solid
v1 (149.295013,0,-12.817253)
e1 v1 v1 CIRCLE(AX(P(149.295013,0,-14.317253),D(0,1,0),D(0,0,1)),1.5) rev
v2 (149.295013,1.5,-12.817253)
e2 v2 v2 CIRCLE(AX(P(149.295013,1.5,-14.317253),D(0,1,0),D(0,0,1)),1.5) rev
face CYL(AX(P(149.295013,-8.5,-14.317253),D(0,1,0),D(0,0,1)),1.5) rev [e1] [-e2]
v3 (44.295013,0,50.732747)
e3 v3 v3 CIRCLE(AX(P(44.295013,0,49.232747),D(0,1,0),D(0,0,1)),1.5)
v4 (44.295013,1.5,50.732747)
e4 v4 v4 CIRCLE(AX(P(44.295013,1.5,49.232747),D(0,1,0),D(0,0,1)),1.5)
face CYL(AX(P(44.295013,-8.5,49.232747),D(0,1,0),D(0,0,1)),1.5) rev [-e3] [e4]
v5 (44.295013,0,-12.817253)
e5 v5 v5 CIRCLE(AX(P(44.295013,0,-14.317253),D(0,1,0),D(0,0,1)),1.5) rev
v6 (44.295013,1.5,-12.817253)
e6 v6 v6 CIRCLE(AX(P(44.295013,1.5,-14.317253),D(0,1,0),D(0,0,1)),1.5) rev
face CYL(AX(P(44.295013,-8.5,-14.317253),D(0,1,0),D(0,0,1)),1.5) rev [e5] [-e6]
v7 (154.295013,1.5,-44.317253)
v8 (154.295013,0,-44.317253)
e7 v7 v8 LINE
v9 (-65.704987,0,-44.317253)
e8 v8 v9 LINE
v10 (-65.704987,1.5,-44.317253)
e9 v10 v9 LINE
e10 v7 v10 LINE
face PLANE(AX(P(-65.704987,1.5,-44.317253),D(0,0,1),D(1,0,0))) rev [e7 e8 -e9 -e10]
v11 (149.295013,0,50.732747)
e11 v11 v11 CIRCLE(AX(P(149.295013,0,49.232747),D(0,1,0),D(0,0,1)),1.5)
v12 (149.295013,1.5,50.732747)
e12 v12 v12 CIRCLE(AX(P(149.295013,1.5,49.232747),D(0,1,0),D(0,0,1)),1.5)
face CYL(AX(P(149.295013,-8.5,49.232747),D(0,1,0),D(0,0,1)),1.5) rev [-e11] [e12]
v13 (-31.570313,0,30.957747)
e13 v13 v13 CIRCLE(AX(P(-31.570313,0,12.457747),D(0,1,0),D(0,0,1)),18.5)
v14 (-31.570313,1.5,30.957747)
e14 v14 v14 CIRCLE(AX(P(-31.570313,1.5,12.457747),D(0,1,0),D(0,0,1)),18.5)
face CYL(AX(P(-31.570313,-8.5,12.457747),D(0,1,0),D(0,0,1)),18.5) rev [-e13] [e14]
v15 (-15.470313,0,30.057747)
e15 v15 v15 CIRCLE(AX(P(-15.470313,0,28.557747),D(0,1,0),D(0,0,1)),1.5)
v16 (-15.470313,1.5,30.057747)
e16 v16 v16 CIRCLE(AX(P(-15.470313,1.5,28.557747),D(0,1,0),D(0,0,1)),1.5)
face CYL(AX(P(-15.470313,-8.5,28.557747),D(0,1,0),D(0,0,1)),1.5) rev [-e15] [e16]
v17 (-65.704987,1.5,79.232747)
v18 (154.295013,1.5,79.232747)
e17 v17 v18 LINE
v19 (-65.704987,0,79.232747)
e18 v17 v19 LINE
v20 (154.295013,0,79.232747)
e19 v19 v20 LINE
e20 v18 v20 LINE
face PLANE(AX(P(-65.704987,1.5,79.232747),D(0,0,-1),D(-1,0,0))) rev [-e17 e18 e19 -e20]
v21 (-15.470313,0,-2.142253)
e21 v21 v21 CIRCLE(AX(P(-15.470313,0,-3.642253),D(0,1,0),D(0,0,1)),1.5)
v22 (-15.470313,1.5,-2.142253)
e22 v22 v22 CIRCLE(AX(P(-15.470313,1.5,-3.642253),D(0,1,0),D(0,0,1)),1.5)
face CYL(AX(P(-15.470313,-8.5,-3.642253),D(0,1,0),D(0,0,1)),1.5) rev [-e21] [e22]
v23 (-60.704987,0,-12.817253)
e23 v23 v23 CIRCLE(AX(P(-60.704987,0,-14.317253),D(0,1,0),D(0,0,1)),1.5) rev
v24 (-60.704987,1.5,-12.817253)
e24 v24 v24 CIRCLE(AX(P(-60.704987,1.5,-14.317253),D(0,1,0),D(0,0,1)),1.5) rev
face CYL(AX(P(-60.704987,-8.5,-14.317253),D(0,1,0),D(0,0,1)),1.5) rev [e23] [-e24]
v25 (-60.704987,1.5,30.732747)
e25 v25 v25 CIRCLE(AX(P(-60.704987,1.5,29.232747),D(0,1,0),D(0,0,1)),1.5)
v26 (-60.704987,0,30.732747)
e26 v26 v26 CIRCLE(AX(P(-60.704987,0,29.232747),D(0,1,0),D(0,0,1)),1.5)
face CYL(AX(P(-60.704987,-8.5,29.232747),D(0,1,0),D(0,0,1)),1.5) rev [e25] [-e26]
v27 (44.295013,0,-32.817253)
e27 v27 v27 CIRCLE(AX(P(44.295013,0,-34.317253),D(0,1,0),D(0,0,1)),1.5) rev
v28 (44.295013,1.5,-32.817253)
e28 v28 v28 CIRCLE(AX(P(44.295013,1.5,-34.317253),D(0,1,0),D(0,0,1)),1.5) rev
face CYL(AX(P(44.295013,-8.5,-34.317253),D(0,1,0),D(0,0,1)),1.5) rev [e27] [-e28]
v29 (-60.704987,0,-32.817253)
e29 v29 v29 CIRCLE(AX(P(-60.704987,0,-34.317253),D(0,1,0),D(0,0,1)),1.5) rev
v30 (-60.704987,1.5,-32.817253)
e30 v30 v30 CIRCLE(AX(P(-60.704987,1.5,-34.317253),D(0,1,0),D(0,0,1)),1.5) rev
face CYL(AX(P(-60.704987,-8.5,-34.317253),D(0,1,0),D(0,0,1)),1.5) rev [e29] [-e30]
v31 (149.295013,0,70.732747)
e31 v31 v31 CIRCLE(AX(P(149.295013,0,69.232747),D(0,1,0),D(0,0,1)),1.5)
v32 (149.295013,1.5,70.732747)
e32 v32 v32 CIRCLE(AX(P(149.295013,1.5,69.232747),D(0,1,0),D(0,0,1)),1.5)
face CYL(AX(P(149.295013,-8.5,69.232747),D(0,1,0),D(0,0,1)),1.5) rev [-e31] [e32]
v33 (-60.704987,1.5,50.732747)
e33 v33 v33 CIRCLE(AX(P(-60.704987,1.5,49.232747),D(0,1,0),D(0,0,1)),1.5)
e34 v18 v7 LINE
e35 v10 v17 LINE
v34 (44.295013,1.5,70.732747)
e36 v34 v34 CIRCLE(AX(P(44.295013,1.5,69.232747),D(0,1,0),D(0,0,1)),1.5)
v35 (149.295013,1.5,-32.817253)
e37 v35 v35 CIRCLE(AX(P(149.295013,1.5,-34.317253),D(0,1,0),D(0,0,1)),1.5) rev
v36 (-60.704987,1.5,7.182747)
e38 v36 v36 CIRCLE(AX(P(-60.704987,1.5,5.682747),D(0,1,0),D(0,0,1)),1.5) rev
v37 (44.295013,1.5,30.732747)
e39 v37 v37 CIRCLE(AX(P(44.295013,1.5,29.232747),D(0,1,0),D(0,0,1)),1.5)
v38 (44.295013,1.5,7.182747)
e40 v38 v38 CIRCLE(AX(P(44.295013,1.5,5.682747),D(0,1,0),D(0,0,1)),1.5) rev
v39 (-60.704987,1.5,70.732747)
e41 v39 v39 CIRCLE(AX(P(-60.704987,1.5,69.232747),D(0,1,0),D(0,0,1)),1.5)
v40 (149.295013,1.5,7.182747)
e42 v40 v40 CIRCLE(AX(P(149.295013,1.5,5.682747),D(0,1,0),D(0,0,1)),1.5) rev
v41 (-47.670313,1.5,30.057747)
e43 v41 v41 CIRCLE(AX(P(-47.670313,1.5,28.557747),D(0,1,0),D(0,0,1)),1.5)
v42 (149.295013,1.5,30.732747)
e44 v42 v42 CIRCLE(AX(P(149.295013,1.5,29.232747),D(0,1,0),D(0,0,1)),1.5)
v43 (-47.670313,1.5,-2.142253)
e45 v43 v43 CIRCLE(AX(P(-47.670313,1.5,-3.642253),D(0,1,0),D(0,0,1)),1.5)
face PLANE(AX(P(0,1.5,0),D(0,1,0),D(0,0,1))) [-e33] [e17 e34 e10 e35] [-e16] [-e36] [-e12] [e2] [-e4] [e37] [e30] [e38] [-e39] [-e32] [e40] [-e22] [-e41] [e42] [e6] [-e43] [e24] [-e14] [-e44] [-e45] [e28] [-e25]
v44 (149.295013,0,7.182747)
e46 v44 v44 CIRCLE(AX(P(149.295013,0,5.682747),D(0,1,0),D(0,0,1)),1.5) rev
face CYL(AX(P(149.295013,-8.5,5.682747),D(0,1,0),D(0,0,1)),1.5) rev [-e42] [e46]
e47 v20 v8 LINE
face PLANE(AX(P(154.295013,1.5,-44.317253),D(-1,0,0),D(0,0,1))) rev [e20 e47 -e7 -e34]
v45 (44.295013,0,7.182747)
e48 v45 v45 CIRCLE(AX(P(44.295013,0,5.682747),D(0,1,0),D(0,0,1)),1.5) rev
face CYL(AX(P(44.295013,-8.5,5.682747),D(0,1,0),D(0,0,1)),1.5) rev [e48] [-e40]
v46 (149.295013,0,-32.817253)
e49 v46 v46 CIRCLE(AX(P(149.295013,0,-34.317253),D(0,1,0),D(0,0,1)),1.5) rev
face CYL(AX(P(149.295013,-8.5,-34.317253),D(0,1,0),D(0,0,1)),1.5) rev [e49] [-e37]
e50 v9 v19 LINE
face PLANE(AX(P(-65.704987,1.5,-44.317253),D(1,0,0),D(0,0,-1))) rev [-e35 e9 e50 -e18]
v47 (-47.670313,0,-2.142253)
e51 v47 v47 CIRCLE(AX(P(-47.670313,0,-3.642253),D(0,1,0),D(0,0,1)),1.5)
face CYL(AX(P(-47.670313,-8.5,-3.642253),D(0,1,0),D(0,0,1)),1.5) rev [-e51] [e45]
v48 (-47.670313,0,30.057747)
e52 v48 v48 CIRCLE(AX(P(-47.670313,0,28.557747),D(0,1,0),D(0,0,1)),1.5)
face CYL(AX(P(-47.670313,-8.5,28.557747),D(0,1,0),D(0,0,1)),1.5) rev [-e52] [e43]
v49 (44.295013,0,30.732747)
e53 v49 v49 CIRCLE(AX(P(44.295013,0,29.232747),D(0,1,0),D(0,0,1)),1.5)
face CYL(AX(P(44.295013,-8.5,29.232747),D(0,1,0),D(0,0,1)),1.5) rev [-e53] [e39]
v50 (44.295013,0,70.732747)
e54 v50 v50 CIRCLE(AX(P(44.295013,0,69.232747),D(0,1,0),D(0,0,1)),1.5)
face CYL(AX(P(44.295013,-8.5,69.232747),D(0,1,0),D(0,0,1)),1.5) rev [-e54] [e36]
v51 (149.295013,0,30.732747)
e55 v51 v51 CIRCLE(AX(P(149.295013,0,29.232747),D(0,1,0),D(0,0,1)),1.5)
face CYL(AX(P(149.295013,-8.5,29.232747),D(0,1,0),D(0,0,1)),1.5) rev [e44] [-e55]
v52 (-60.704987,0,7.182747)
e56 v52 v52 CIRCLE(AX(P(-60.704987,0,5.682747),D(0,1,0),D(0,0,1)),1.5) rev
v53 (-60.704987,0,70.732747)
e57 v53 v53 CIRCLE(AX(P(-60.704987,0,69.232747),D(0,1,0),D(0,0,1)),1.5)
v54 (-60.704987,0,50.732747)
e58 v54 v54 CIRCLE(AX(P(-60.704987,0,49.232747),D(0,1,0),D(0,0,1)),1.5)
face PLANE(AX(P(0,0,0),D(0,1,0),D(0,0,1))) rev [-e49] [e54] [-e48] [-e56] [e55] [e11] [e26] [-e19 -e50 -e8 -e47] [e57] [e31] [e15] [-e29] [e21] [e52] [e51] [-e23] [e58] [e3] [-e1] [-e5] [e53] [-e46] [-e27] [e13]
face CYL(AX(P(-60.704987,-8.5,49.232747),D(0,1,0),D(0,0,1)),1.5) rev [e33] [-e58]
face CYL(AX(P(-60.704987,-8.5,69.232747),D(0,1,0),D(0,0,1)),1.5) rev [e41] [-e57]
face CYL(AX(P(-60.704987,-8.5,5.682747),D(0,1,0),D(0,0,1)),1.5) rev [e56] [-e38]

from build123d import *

# Parameters (mm, degrees)
SKETCH_1_W          = 220
SKETCH_1_H          = 123.55
EXTRUDE_1_DEPTH     = 1.5
SKETCH_2_R          = 18.5
SKETCH_2_R_2        = 1.5
CUT_EXTRUDE_1_DEPTH = 10


with BuildPart() as part:
    # 草图1 → 凸台-拉伸1 (new body)
    with BuildSketch(Plane(origin=(0, 0, 0), x_dir=(1, 0, 0), z_dir=(0, 1, 0))):
        with Locations((44.295012832, -17.457747405)):
            Rectangle(SKETCH_1_W, SKETCH_1_H)
    extrude(amount=EXTRUDE_1_DEPTH)

    # 草图2 → 切除-拉伸1 (cut)
    with BuildSketch(Plane(origin=(0, 1.5, 0), x_dir=(1, 0, 0), z_dir=(0, 1, 0))):
        with Locations(Location((-31.57031265, -12.457747405, 0), (0, 0, 270))):
            Circle(SKETCH_2_R)
        with Locations(Location((-47.67031265, 3.642252595, 0), (0, 0, 270))):
            Circle(SKETCH_2_R_2)
        with Locations(Location((-47.67031265, -28.557747405, 0), (0, 0, 270))):
            Circle(SKETCH_2_R_2)
        with Locations(Location((149.295012832, -69.232747405, 0), (0, 0, 270))):
            Circle(SKETCH_2_R_2)
        with Locations(Location((44.295012832, -69.232747405, 0), (0, 0, 270))):
            Circle(SKETCH_2_R_2)
        with Locations(Location((-60.704987168, -69.232747405, 0), (0, 0, 270))):
            Circle(SKETCH_2_R_2)
        with Locations(Location((44.295012832, -49.232747405, 0), (0, 0, 270))):
            Circle(SKETCH_2_R_2)
        with Locations(Location((-60.704987168, -49.232747405, 0), (0, 0, 270))):
            Circle(SKETCH_2_R_2)
        with Locations(Location((149.295012832, -49.232747405, 0), (0, 0, 270))):
            Circle(SKETCH_2_R_2)
        with Locations(Location((149.295012832, 14.317252595, 0), (0, 0, 270))):
            Circle(SKETCH_2_R_2)
        with Locations(Location((-60.704987168, 14.317252595, 0), (0, 0, 270))):
            Circle(SKETCH_2_R_2)
        with Locations(Location((44.295012832, 14.317252595, 0), (0, 0, 270))):
            Circle(SKETCH_2_R_2)
        with Locations(Location((-60.704987168, 34.317252595, 0), (0, 0, 270))):
            Circle(SKETCH_2_R_2)
        with Locations(Location((44.295012832, 34.317252595, 0), (0, 0, 270))):
            Circle(SKETCH_2_R_2)
        with Locations(Location((149.295012832, 34.317252595, 0), (0, 0, 270))):
            Circle(SKETCH_2_R_2)
        with Locations(Location((149.295012832, -29.232747405, 0), (0, 0, 270))):
            Circle(SKETCH_2_R_2)
        with Locations(Location((44.295012832, -29.232747405, 0), (0, 0, 270))):
            Circle(SKETCH_2_R_2)
        with Locations(Location((-60.704987168, -29.232747405, 0), (0, 0, 270))):
            Circle(SKETCH_2_R_2)
        with Locations(Location((149.295012832, -5.682747405, 0), (0, 0, 270))):
            Circle(SKETCH_2_R_2)
        with Locations(Location((44.295012832, -5.682747405, 0), (0, 0, 270))):
            Circle(SKETCH_2_R_2)
        with Locations(Location((-60.704987168, -5.682747405, 0), (0, 0, 270))):
            Circle(SKETCH_2_R_2)
        with Locations(Location((-15.47031265, 3.642252595, 0), (0, 0, 270))):
            Circle(SKETCH_2_R_2)
        with Locations(Location((-15.47031265, -28.557747405, 0), (0, 0, 270))):
            Circle(SKETCH_2_R_2)
    extrude(amount=-CUT_EXTRUDE_1_DEPTH, mode=Mode.SUBTRACT)


solid = part.part
